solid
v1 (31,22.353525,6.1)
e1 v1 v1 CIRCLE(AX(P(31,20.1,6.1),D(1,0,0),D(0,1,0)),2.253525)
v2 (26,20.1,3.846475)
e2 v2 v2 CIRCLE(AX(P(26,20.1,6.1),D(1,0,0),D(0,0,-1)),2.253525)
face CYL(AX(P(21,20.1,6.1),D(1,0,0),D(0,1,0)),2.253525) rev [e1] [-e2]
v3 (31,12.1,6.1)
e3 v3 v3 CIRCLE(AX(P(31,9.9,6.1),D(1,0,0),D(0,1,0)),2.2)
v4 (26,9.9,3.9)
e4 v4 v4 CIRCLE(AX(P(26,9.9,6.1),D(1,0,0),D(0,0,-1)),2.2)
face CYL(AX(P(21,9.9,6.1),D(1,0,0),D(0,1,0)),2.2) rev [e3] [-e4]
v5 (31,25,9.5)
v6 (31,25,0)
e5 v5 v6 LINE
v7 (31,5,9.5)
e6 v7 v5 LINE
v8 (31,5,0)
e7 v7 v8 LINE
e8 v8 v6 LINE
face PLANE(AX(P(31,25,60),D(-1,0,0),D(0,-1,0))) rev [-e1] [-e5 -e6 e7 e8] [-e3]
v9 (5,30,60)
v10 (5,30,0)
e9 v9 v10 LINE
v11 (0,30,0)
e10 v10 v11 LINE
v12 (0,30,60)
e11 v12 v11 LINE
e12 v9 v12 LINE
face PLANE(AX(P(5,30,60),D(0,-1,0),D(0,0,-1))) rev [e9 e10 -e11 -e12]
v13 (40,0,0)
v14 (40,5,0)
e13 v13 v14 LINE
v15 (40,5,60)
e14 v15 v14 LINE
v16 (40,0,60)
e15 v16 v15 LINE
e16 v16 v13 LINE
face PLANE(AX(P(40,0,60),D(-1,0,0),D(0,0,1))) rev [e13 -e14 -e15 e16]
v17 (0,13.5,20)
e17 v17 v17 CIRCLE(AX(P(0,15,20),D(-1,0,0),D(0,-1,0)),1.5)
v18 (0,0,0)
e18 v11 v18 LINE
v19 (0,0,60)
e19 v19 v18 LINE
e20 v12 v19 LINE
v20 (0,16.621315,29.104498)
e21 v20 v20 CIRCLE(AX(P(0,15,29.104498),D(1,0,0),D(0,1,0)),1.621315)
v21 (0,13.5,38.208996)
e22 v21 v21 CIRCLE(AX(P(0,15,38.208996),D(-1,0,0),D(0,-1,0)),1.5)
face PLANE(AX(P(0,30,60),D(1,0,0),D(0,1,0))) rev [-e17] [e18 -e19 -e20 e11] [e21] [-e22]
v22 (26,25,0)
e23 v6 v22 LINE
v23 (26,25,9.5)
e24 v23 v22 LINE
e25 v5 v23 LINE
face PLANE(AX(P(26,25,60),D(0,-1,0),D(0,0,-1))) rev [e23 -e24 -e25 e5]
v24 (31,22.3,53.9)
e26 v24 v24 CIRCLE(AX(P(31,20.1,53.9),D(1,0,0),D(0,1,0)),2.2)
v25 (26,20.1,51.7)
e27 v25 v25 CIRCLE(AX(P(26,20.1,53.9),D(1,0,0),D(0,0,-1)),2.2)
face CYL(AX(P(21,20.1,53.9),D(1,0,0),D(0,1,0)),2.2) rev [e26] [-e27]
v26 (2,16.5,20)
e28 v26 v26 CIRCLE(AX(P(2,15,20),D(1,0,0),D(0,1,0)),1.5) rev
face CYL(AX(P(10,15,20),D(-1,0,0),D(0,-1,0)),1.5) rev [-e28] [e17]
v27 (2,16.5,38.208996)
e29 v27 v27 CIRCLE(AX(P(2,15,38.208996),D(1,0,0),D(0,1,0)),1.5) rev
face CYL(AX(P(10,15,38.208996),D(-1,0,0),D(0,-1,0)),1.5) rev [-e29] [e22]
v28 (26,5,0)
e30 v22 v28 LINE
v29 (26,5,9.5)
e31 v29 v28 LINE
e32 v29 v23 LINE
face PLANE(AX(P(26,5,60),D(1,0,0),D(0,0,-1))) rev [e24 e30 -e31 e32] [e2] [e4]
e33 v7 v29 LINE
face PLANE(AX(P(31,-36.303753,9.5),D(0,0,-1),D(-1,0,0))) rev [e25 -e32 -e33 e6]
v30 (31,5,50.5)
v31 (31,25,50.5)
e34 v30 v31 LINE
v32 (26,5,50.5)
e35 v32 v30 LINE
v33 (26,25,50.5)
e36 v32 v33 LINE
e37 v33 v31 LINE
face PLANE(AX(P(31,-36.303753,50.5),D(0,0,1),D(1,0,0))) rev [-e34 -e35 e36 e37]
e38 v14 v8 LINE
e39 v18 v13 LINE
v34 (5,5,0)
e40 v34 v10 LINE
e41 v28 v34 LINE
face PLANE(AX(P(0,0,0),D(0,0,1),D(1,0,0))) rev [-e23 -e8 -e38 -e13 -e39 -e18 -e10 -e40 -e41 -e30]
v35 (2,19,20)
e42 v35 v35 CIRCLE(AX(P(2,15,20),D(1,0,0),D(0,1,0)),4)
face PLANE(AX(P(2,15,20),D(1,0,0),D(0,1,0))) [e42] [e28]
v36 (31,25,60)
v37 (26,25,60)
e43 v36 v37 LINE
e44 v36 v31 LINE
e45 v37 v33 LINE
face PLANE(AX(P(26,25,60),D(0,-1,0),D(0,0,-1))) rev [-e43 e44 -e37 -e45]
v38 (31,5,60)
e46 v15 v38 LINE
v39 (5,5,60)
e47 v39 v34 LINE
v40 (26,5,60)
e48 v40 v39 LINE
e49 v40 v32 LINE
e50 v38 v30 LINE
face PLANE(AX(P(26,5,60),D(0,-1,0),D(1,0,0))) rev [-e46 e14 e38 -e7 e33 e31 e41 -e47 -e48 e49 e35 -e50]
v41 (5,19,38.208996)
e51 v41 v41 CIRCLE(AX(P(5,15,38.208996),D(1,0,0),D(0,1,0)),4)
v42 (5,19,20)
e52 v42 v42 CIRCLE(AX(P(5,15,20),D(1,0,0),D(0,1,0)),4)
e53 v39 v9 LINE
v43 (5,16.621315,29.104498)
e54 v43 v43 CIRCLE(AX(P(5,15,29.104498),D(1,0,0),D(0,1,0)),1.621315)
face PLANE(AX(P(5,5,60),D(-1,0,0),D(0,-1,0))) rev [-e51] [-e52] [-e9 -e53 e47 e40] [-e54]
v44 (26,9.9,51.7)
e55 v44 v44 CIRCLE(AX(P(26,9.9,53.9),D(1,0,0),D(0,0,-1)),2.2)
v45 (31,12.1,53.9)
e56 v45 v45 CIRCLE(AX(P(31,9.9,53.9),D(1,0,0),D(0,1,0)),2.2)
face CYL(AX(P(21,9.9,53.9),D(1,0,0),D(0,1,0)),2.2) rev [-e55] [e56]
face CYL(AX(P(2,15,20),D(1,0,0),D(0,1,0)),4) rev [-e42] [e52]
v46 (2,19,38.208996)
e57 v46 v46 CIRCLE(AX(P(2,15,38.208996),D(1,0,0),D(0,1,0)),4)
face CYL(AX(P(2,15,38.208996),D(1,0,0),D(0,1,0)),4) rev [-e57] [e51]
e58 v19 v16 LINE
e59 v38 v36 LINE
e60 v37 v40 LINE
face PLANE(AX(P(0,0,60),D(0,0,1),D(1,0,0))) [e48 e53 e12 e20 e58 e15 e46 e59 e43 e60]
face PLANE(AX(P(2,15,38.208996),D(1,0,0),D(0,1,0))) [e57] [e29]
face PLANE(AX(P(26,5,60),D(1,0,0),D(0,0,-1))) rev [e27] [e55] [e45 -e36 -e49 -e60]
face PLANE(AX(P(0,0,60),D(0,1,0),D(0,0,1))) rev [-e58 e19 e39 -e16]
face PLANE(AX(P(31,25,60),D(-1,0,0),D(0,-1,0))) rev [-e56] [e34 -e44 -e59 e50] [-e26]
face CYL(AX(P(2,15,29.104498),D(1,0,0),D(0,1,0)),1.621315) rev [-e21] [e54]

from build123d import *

# Parameters (mm, degrees)
SALIENTE_EXTRUIR1_DEPTH = 60
CROQUIS2_W              = 5
CROQUIS2_H              = 41
CORTAR_EXTRUIR1_DEPTH   = 20
CROQUIS7_R              = 2.2
CROQUIS7_R_2            = 2.253524607
CORTAR_EXTRUIR5_DEPTH   = 10
CROQUIS8_R              = 1.5
CORTAR_EXTRUIR6_DEPTH   = 10
CROQUIS9_R              = 4
CROQUIS9_R_2            = 1.621314805
CORTAR_EXTRUIR7_DEPTH   = 3
CROQUIS10_R             = 1.621314805
CORTAR_EXTRUIR8_DEPTH   = 10


with BuildPart() as part:
    # Croquis1 → Saliente-Extruir1 (new body)
    with BuildSketch(Plane.XY):
        Polygon((0, 0), (40, 0), (40, 5), (31, 5), (31, 25), (26, 25), (26, 5), (5, 5), (5, 30), (0, 30), align=None)
    extrude(amount=SALIENTE_EXTRUIR1_DEPTH)

    # Croquis2 → Cortar-Extruir1 (cut)
    with BuildSketch(Plane(origin=(0, 25, 0), x_dir=(1, 0, 0), z_dir=(0, 1, 0))):
        with Locations((28.5, -30)):
            Rectangle(CROQUIS2_W, CROQUIS2_H)
    extrude(amount=-CORTAR_EXTRUIR1_DEPTH, mode=Mode.SUBTRACT)

    # Croquis7 → Cortar-Extruir5 (cut)
    with BuildSketch(Plane(origin=(31, 0, 0), x_dir=(0, 0, -1), z_dir=(1, 0, 0))):
        with Locations(Location((-53.9, 20.1, 0), (0, 0, 90))):
            Circle(CROQUIS7_R)
        with Locations(Location((-53.9, 9.9, 0), (0, 0, 90))):
            Circle(CROQUIS7_R)
        with Locations(Location((-6.1, 9.9, 0), (0, 0, 90))):
            Circle(CROQUIS7_R)
        with Locations(Location((-6.1, 20.1, 0), (0, 0, 90))):
            Circle(CROQUIS7_R_2)
    extrude(amount=-CORTAR_EXTRUIR5_DEPTH, mode=Mode.SUBTRACT)

    # Croquis8 → Cortar-Extruir6 (cut)
    with BuildSketch(Plane.ZY):
        with Locations(Location((20, 15, 0), (0, 0, 270))):
            Circle(CROQUIS8_R)
        with Locations(Location((38.208996139, 15, 0), (0, 0, 270))):
            Circle(CROQUIS8_R)
    extrude(amount=-CORTAR_EXTRUIR6_DEPTH, mode=Mode.SUBTRACT)

    # Croquis9 → Cortar-Extruir7 (cut)
    with BuildSketch(Plane(origin=(5, 0, 0), x_dir=(0, 0, -1), z_dir=(1, 0, 0))):
        with Locations(Location((-20, 15, 0), (0, 0, 90))):
            Circle(CROQUIS9_R)
        with Locations(Location((-29.104498069, 15, 0), (0, 0, 90))):
            Circle(CROQUIS9_R_2)
        with Locations(Location((-38.208996139, 15, 0), (0, 0, 90))):
            Circle(CROQUIS9_R)
    extrude(amount=-CORTAR_EXTRUIR7_DEPTH, mode=Mode.SUBTRACT)

    # Croquis10 → Cortar-Extruir8 (cut)
    with BuildSketch(Plane(origin=(2, 0, 0), x_dir=(0, 0, -1), z_dir=(1, 0, 0))):
        with Locations(Location((-29.104498069, 15, 0), (0, 0, 90))):
            Circle(CROQUIS10_R)
    extrude(amount=-CORTAR_EXTRUIR8_DEPTH, mode=Mode.SUBTRACT)


solid = part.part
